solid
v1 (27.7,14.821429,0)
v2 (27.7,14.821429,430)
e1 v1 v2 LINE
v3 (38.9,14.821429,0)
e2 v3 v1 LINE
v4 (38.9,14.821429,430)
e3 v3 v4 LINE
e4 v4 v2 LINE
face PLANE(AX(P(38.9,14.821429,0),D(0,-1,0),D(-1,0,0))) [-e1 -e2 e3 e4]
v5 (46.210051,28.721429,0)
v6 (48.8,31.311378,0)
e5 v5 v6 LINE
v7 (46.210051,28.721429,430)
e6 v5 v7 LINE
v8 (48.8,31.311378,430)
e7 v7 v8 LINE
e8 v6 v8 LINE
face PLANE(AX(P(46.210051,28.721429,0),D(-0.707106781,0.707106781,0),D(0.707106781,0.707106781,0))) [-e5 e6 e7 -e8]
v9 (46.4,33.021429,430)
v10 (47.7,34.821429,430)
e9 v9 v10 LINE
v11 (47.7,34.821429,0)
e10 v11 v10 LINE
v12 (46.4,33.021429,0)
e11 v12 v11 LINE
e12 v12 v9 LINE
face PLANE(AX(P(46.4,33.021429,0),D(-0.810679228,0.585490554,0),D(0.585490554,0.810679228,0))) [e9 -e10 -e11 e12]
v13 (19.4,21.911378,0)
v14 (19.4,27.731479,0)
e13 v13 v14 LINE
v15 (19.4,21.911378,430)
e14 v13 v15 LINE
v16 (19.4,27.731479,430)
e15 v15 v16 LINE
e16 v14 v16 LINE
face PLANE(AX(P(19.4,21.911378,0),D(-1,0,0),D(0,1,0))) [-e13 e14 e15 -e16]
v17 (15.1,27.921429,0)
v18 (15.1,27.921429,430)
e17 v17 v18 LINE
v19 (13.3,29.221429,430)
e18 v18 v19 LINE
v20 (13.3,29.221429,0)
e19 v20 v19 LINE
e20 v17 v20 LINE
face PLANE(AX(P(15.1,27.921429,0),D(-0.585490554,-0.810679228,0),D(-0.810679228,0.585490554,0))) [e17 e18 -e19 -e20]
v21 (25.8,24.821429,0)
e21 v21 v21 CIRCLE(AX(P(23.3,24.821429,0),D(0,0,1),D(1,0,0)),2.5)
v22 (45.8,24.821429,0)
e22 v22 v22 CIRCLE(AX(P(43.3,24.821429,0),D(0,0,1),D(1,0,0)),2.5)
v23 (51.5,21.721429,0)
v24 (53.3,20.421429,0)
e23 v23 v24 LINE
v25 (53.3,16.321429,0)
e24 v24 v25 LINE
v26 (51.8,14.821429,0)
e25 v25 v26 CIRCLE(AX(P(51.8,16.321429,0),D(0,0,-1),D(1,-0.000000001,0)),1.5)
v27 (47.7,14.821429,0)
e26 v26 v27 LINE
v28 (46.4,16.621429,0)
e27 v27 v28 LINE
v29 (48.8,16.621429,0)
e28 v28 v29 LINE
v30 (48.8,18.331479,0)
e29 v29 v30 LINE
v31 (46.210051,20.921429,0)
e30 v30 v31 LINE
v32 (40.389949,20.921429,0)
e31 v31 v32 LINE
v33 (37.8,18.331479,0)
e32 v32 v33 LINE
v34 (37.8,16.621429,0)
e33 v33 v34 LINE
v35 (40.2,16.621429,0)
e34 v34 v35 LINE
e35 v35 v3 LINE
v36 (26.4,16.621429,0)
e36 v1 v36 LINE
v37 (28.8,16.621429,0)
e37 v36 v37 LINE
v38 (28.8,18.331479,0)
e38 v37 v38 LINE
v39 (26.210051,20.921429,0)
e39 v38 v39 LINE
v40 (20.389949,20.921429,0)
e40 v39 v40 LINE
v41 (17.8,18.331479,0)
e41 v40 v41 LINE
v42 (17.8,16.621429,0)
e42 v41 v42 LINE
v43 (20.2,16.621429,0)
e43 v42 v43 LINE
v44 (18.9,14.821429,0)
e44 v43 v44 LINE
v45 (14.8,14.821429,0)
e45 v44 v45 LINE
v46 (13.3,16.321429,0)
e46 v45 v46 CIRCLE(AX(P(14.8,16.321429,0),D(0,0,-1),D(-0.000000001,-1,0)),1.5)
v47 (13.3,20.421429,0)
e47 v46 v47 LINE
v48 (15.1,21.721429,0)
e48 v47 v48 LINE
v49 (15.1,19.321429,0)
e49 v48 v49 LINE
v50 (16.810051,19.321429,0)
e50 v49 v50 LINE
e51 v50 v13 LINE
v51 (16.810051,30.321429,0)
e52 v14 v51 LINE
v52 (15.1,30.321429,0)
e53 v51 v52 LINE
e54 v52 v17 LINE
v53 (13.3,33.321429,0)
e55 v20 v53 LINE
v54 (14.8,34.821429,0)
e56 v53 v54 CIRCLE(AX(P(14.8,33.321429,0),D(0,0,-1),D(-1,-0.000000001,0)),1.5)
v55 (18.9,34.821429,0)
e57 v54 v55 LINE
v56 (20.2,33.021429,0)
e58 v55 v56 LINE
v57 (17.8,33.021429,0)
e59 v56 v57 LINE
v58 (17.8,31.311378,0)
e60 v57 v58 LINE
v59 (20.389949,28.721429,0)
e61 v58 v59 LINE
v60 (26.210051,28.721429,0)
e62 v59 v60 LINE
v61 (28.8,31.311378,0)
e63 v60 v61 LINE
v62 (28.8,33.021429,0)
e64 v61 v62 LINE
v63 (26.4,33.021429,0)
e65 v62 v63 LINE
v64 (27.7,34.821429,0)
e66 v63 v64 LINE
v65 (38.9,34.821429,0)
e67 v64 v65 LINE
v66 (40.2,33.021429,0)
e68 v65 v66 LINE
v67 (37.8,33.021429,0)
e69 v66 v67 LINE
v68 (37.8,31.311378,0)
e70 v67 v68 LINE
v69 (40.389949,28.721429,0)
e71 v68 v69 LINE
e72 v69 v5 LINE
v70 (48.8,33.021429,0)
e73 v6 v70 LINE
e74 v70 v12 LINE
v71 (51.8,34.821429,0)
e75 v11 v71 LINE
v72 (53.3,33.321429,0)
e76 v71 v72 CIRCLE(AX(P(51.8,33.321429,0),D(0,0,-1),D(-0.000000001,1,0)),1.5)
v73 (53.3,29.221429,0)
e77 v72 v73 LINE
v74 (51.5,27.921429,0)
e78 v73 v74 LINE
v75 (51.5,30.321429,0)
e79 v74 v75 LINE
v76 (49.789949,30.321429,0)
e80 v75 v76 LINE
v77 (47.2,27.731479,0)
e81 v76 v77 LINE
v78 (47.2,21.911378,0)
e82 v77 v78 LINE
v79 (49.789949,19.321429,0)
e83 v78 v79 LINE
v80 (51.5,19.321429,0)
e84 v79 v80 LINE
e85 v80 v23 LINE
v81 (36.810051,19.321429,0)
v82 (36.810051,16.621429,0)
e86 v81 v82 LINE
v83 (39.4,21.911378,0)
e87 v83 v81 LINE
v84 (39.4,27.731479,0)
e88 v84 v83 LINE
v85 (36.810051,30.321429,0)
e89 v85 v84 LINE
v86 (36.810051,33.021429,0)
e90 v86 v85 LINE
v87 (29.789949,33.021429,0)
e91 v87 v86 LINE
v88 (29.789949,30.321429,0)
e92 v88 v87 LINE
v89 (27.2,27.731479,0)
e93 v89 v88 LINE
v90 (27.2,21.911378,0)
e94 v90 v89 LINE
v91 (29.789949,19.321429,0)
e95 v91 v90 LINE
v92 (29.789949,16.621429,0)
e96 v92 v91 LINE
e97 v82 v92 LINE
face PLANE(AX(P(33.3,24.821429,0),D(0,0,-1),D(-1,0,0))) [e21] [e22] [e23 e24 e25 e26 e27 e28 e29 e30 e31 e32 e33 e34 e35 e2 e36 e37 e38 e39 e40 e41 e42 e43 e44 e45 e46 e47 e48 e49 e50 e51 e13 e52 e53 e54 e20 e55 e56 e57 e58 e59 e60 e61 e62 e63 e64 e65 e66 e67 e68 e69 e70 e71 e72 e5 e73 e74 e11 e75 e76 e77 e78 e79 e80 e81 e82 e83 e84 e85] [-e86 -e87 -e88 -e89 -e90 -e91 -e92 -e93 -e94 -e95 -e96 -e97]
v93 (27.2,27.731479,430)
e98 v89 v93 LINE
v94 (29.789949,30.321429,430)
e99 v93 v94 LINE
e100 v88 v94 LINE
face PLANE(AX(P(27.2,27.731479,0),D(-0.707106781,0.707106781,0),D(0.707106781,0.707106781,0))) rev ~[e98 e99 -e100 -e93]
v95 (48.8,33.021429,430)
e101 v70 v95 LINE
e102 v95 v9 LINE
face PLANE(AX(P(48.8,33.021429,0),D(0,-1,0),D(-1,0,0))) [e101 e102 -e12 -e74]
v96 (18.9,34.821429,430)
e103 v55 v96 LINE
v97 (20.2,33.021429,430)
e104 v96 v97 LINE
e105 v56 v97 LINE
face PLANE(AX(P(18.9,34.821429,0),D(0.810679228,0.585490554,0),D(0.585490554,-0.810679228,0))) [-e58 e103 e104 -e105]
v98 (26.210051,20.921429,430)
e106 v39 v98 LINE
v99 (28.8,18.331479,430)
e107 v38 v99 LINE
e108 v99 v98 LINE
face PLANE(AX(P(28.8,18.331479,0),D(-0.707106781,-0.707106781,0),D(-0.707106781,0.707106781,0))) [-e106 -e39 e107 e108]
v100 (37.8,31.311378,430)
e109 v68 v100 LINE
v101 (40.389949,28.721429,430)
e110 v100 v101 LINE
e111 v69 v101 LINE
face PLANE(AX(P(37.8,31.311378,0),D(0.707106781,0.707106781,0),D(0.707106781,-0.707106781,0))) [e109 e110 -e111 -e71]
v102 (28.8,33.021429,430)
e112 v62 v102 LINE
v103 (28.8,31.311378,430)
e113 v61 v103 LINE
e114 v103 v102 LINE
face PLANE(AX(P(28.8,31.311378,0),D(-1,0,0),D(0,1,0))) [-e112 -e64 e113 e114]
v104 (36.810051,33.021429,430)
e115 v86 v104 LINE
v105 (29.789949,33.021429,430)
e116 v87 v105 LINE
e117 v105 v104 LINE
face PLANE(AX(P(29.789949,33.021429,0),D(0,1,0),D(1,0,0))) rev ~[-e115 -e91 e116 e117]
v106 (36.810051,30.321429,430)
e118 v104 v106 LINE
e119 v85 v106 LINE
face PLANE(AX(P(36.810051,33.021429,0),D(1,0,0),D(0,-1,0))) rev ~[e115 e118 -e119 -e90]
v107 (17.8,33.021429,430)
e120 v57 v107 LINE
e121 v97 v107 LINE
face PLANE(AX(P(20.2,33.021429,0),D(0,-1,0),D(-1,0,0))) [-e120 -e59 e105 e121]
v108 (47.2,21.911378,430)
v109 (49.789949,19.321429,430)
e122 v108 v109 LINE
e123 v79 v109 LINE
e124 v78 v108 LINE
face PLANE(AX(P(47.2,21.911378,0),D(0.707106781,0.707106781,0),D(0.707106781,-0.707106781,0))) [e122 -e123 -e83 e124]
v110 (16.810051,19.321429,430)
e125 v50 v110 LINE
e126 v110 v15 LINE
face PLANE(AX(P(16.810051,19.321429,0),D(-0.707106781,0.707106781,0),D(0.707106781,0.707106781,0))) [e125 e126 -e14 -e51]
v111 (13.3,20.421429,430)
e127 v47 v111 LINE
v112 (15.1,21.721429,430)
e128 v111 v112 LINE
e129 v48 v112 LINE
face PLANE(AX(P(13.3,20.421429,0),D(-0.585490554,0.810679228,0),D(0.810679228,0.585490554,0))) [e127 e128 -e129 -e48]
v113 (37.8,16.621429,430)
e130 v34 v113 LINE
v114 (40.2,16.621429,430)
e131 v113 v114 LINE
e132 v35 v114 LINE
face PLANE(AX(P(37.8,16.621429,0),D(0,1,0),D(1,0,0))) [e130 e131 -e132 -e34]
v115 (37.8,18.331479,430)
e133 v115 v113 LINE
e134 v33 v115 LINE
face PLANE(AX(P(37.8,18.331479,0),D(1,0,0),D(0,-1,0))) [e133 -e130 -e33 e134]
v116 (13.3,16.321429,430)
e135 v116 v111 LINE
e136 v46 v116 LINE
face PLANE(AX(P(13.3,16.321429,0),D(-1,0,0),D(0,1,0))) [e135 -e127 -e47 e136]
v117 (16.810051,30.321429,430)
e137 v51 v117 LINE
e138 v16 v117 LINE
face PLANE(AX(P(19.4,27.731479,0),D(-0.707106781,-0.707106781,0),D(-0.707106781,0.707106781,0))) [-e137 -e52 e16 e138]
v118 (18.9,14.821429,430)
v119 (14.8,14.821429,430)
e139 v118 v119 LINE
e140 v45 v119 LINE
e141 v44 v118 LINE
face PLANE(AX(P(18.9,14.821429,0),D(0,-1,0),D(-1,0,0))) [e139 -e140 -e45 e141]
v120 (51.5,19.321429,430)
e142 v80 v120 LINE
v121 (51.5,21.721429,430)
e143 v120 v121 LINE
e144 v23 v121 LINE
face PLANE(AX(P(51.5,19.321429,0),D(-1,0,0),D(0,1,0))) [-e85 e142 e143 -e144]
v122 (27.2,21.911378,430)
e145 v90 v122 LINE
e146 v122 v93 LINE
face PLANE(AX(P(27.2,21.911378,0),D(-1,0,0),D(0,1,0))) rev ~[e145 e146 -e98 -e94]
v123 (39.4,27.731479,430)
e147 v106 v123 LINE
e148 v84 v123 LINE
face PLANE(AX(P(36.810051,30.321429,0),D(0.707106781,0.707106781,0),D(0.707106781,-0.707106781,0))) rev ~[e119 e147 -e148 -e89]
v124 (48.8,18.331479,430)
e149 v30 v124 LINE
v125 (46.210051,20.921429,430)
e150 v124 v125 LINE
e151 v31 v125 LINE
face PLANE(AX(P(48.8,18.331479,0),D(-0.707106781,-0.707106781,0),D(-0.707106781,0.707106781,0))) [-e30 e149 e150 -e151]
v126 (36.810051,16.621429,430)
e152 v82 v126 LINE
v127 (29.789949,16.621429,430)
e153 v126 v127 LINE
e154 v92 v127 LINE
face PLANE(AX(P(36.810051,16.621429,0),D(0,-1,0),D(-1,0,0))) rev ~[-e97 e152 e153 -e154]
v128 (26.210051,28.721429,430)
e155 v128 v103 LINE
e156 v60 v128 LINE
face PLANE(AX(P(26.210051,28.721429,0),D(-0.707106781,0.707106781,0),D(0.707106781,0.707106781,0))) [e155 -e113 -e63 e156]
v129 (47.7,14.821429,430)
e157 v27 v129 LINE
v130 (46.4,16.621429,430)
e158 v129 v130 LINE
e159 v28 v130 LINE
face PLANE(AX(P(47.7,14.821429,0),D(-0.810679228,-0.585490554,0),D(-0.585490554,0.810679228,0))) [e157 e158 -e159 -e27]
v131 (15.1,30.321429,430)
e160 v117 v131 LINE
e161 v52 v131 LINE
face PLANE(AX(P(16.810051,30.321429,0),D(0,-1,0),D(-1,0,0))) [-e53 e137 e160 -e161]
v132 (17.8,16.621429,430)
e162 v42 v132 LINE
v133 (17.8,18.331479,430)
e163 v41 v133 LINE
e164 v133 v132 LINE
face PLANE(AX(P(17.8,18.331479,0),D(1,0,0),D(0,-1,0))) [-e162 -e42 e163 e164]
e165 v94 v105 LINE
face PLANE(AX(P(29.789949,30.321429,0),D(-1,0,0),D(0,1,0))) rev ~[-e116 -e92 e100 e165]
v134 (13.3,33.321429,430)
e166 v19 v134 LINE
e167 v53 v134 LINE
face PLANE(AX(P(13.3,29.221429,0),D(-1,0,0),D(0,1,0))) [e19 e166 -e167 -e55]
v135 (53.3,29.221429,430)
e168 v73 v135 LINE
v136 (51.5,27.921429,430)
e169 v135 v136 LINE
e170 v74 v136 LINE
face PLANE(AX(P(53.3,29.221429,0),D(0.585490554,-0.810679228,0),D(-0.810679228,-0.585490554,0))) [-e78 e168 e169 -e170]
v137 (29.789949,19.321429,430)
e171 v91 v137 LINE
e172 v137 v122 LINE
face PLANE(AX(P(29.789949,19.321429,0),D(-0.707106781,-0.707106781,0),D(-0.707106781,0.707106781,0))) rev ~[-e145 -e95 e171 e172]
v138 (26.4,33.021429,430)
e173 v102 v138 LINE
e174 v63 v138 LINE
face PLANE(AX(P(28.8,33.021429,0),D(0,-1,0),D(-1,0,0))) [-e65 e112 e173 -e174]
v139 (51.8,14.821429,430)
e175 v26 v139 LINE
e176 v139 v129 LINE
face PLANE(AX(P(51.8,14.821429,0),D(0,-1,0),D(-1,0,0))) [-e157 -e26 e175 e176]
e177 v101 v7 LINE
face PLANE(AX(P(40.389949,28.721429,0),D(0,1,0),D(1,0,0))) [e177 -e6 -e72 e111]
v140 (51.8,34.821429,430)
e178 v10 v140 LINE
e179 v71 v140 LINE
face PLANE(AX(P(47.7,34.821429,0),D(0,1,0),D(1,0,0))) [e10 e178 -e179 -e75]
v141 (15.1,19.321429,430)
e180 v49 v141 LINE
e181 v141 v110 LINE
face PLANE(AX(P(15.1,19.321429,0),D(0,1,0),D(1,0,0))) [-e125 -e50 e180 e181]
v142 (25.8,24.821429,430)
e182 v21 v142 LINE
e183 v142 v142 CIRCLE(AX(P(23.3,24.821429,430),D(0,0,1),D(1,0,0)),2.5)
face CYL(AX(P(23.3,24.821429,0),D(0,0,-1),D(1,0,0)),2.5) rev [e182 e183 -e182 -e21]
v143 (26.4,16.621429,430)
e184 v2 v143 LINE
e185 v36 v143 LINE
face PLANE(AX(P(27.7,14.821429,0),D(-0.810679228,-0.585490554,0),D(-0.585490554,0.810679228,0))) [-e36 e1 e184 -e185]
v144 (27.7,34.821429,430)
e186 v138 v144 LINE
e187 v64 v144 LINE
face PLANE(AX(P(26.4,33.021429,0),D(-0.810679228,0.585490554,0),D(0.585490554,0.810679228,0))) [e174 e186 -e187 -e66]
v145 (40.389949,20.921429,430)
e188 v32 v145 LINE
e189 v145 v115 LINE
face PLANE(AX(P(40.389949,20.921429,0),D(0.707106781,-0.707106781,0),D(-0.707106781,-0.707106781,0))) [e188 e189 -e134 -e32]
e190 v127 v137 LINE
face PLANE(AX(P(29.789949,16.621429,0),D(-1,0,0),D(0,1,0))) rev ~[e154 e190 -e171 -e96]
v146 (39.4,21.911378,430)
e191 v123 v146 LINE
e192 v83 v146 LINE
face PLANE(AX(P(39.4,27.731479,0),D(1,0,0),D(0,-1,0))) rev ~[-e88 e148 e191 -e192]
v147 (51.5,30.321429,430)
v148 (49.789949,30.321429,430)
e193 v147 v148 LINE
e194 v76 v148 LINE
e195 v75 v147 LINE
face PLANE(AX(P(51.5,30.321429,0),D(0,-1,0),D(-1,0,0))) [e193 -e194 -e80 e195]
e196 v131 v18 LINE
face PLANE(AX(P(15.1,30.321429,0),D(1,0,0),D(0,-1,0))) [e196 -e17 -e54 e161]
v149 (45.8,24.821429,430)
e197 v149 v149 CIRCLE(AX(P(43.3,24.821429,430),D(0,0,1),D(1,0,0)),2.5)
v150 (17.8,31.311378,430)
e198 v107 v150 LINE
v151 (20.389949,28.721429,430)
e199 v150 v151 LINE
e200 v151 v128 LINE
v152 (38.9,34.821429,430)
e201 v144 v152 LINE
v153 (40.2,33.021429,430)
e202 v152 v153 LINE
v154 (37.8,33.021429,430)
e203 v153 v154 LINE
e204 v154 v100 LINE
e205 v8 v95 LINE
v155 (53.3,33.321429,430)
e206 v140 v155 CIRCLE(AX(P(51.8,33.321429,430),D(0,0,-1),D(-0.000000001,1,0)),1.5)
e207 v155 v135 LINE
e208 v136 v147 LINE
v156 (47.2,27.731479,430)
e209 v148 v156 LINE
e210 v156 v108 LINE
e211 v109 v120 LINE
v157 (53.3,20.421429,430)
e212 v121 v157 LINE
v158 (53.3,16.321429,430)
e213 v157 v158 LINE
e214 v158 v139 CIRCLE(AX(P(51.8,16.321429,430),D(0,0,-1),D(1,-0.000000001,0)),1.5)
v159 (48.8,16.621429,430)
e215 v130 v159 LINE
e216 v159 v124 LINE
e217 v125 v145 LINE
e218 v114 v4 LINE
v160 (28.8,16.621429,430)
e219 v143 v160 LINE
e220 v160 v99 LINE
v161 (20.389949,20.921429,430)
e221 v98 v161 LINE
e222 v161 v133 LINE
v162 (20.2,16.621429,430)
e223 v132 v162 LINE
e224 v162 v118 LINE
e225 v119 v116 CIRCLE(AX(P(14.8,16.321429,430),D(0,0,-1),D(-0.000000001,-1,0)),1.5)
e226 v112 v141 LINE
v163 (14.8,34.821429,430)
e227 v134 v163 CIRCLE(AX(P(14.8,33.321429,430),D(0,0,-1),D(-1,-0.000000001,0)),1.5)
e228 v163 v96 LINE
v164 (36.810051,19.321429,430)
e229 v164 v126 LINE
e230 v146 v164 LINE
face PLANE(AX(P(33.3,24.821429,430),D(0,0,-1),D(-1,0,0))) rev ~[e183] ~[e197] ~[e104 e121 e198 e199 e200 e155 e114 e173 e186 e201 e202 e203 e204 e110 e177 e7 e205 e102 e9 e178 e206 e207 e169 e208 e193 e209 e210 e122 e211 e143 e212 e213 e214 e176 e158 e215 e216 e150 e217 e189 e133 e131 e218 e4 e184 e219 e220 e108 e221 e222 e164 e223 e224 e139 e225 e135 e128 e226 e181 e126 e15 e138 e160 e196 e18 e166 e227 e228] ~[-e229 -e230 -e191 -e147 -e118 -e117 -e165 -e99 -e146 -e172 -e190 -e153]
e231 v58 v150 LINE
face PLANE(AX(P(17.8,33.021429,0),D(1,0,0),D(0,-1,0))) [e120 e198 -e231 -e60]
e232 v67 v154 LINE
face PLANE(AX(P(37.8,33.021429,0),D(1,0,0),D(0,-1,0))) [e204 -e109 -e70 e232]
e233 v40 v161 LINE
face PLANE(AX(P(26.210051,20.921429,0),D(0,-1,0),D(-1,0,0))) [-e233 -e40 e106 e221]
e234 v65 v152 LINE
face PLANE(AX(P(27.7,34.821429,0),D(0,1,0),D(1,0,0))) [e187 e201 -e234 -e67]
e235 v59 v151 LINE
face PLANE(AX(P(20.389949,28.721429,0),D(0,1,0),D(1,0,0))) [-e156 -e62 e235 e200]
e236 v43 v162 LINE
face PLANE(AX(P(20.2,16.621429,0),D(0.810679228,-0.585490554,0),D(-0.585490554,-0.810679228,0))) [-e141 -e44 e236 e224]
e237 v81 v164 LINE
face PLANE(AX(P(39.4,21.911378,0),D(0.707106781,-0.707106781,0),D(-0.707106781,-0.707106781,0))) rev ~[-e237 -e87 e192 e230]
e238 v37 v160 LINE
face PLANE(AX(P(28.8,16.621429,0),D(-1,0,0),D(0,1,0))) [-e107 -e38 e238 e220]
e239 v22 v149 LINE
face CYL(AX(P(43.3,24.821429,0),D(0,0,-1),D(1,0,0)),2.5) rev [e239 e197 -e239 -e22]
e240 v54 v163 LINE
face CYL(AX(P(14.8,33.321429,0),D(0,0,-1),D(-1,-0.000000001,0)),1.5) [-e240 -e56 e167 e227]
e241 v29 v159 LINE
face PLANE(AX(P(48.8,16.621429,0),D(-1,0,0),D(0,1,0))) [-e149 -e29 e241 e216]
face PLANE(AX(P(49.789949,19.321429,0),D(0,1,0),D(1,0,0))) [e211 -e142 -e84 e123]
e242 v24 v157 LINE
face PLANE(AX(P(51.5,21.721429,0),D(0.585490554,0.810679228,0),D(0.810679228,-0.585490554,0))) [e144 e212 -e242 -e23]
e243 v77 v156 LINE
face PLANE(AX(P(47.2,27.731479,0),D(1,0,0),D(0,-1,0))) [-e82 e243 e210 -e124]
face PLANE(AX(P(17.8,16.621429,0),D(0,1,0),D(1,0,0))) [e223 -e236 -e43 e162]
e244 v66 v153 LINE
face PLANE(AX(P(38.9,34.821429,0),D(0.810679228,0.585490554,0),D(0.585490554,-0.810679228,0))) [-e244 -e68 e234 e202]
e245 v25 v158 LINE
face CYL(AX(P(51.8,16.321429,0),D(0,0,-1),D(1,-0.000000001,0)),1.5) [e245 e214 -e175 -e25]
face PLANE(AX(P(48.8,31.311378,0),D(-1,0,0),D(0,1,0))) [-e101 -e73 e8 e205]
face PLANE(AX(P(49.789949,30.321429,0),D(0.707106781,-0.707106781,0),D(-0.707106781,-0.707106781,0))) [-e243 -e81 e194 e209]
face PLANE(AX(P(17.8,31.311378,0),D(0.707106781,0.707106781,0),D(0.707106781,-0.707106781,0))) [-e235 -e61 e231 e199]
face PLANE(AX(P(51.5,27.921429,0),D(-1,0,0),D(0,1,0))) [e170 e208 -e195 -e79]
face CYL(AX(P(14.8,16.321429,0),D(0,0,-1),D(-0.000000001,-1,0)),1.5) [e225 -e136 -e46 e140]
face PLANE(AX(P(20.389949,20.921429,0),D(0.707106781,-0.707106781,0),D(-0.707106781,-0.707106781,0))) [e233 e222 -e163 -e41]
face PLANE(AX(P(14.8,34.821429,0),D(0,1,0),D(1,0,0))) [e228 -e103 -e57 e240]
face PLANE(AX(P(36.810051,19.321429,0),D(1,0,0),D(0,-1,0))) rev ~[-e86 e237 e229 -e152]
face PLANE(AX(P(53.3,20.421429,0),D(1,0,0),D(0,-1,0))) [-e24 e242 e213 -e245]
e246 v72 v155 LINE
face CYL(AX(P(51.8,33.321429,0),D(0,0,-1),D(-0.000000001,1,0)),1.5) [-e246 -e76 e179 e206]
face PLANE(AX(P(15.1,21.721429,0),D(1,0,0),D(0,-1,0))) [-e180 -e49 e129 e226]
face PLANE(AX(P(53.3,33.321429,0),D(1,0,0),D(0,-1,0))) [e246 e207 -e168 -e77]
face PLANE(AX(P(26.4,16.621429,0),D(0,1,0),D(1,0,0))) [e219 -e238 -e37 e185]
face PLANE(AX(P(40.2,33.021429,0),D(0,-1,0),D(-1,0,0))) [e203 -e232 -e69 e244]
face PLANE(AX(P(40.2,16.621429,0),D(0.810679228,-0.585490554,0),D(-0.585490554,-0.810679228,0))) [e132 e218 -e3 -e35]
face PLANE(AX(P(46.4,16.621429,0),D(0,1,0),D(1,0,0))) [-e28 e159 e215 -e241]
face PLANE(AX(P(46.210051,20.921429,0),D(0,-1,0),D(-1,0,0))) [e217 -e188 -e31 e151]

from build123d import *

# Parameters (mm, degrees)
SKETCH_1_R      = 2.5
EXTRUDE_1_DEPTH = 430


with BuildPart() as part:
    # 草图1 → 凸台-拉伸1 (new body)
    with BuildSketch(Plane.XY):
        with BuildLine():
            Line((14.8, 34.821428571), (18.9, 34.821428571))
            Line((18.9, 34.821428571), (20.2, 33.021428571))
            Line((20.2, 33.021428571), (17.8, 33.021428571))
            Line((17.8, 33.021428571), (17.8, 31.311378065))
            Line((17.8, 31.311378065), (20.389949494, 28.721428571))
            Line((20.389949494, 28.721428571), (26.210050506, 28.721428571))
            Line((26.210050506, 28.721428571), (28.8, 31.311378065))
            Line((28.8, 31.311378065), (28.8, 33.021428571))
            Line((28.8, 33.021428571), (26.4, 33.021428571))
            Line((26.4, 33.021428571), (27.7, 34.821428571))
            Line((27.7, 34.821428571), (38.9, 34.821428571))
            Line((38.9, 34.821428571), (40.2, 33.021428571))
            Line((40.2, 33.021428571), (37.8, 33.021428571))
            Line((37.8, 33.021428571), (37.8, 31.311378065))
            Line((37.8, 31.311378065), (40.389949494, 28.721428571))
            Line((40.389949494, 28.721428571), (46.210050506, 28.721428571))
            Line((46.210050506, 28.721428571), (48.8, 31.311378065))
            Line((48.8, 31.311378065), (48.8, 33.021428571))
            Line((48.8, 33.021428571), (46.4, 33.021428571))
            Line((46.4, 33.021428571), (47.7, 34.821428571))
            Line((47.7, 34.821428571), (51.8, 34.821428571))
            ThreePointArc((51.8, 34.821428571), (52.860660172, 34.382088743), (53.3, 33.321428571))
            Line((53.3, 33.321428571), (53.3, 29.221428571))
            Line((53.3, 29.221428571), (51.5, 27.921428571))
            Line((51.5, 27.921428571), (51.5, 30.321428571))
            Line((51.5, 30.321428571), (49.789949494, 30.321428571))
            Line((49.789949494, 30.321428571), (47.2, 27.731479078))
            Line((47.2, 27.731479078), (47.2, 21.911378065))
            Line((47.2, 21.911378065), (49.789949494, 19.321428571))
            Line((49.789949494, 19.321428571), (51.5, 19.321428571))
            Line((51.5, 19.321428571), (51.5, 21.721428571))
            Line((51.5, 21.721428571), (53.3, 20.421428571))
            Line((53.3, 20.421428571), (53.3, 16.321428571))
            ThreePointArc((53.3, 16.321428571), (52.860660172, 15.2607684), (51.8, 14.821428571))
            Line((51.8, 14.821428571), (47.7, 14.821428571))
            Line((47.7, 14.821428571), (46.4, 16.621428571))
            Line((46.4, 16.621428571), (48.8, 16.621428571))
            Line((48.8, 16.621428571), (48.8, 18.331479078))
            Line((48.8, 18.331479078), (46.210050506, 20.921428571))
            Line((46.210050506, 20.921428571), (40.389949494, 20.921428571))
            Line((40.389949494, 20.921428571), (37.8, 18.331479078))
            Line((37.8, 18.331479078), (37.8, 16.621428571))
            Line((37.8, 16.621428571), (40.2, 16.621428571))
            Line((40.2, 16.621428571), (38.9, 14.821428571))
            Line((38.9, 14.821428571), (27.7, 14.821428571))
            Line((27.7, 14.821428571), (26.4, 16.621428571))
            Line((26.4, 16.621428571), (28.8, 16.621428571))
            Line((28.8, 16.621428571), (28.8, 18.331479078))
            Line((28.8, 18.331479078), (26.210050506, 20.921428571))
            Line((26.210050506, 20.921428571), (20.389949494, 20.921428571))
            Line((20.389949494, 20.921428571), (17.8, 18.331479078))
            Line((17.8, 18.331479078), (17.8, 16.621428571))
            Line((17.8, 16.621428571), (20.2, 16.621428571))
            Line((20.2, 16.621428571), (18.9, 14.821428571))
            Line((18.9, 14.821428571), (14.8, 14.821428571))
            ThreePointArc((14.8, 14.821428571), (13.739339828, 15.2607684), (13.3, 16.321428571))
            Line((13.3, 16.321428571), (13.3, 20.421428571))
            Line((13.3, 20.421428571), (15.1, 21.721428571))
            Line((15.1, 21.721428571), (15.1, 19.321428571))
            Line((15.1, 19.321428571), (16.810050506, 19.321428571))
            Line((16.810050506, 19.321428571), (19.4, 21.911378065))
            Line((19.4, 21.911378065), (19.4, 27.731479078))
            Line((19.4, 27.731479078), (16.810050506, 30.321428571))
            Line((16.810050506, 30.321428571), (15.1, 30.321428571))
            Line((15.1, 30.321428571), (15.1, 27.921428571))
            Line((15.1, 27.921428571), (13.3, 29.221428571))
            Line((13.3, 29.221428571), (13.3, 33.321428571))
            ThreePointArc((13.3, 33.321428571), (13.739339828, 34.382088743), (14.8, 34.821428571))
        make_face()
        with Locations((23.3, 24.821428571)):
            Circle(SKETCH_1_R, mode=Mode.SUBTRACT)
        with Locations((43.3, 24.821428571)):
            Circle(SKETCH_1_R, mode=Mode.SUBTRACT)
        Polygon((27.2, 27.731479078), (29.789949494, 30.321428571), (29.789949494, 33.021428571), (36.810050506, 33.021428571), (36.810050506, 30.321428571), (39.4, 27.731479078), (39.4, 21.911378065), (36.810050506, 19.321428571), (36.810050506, 16.621428571), (29.789949494, 16.621428571), (29.789949494, 19.321428571), (27.2, 21.911378065), align=None, mode=Mode.SUBTRACT)
    extrude(amount=EXTRUDE_1_DEPTH)


solid = part.part
